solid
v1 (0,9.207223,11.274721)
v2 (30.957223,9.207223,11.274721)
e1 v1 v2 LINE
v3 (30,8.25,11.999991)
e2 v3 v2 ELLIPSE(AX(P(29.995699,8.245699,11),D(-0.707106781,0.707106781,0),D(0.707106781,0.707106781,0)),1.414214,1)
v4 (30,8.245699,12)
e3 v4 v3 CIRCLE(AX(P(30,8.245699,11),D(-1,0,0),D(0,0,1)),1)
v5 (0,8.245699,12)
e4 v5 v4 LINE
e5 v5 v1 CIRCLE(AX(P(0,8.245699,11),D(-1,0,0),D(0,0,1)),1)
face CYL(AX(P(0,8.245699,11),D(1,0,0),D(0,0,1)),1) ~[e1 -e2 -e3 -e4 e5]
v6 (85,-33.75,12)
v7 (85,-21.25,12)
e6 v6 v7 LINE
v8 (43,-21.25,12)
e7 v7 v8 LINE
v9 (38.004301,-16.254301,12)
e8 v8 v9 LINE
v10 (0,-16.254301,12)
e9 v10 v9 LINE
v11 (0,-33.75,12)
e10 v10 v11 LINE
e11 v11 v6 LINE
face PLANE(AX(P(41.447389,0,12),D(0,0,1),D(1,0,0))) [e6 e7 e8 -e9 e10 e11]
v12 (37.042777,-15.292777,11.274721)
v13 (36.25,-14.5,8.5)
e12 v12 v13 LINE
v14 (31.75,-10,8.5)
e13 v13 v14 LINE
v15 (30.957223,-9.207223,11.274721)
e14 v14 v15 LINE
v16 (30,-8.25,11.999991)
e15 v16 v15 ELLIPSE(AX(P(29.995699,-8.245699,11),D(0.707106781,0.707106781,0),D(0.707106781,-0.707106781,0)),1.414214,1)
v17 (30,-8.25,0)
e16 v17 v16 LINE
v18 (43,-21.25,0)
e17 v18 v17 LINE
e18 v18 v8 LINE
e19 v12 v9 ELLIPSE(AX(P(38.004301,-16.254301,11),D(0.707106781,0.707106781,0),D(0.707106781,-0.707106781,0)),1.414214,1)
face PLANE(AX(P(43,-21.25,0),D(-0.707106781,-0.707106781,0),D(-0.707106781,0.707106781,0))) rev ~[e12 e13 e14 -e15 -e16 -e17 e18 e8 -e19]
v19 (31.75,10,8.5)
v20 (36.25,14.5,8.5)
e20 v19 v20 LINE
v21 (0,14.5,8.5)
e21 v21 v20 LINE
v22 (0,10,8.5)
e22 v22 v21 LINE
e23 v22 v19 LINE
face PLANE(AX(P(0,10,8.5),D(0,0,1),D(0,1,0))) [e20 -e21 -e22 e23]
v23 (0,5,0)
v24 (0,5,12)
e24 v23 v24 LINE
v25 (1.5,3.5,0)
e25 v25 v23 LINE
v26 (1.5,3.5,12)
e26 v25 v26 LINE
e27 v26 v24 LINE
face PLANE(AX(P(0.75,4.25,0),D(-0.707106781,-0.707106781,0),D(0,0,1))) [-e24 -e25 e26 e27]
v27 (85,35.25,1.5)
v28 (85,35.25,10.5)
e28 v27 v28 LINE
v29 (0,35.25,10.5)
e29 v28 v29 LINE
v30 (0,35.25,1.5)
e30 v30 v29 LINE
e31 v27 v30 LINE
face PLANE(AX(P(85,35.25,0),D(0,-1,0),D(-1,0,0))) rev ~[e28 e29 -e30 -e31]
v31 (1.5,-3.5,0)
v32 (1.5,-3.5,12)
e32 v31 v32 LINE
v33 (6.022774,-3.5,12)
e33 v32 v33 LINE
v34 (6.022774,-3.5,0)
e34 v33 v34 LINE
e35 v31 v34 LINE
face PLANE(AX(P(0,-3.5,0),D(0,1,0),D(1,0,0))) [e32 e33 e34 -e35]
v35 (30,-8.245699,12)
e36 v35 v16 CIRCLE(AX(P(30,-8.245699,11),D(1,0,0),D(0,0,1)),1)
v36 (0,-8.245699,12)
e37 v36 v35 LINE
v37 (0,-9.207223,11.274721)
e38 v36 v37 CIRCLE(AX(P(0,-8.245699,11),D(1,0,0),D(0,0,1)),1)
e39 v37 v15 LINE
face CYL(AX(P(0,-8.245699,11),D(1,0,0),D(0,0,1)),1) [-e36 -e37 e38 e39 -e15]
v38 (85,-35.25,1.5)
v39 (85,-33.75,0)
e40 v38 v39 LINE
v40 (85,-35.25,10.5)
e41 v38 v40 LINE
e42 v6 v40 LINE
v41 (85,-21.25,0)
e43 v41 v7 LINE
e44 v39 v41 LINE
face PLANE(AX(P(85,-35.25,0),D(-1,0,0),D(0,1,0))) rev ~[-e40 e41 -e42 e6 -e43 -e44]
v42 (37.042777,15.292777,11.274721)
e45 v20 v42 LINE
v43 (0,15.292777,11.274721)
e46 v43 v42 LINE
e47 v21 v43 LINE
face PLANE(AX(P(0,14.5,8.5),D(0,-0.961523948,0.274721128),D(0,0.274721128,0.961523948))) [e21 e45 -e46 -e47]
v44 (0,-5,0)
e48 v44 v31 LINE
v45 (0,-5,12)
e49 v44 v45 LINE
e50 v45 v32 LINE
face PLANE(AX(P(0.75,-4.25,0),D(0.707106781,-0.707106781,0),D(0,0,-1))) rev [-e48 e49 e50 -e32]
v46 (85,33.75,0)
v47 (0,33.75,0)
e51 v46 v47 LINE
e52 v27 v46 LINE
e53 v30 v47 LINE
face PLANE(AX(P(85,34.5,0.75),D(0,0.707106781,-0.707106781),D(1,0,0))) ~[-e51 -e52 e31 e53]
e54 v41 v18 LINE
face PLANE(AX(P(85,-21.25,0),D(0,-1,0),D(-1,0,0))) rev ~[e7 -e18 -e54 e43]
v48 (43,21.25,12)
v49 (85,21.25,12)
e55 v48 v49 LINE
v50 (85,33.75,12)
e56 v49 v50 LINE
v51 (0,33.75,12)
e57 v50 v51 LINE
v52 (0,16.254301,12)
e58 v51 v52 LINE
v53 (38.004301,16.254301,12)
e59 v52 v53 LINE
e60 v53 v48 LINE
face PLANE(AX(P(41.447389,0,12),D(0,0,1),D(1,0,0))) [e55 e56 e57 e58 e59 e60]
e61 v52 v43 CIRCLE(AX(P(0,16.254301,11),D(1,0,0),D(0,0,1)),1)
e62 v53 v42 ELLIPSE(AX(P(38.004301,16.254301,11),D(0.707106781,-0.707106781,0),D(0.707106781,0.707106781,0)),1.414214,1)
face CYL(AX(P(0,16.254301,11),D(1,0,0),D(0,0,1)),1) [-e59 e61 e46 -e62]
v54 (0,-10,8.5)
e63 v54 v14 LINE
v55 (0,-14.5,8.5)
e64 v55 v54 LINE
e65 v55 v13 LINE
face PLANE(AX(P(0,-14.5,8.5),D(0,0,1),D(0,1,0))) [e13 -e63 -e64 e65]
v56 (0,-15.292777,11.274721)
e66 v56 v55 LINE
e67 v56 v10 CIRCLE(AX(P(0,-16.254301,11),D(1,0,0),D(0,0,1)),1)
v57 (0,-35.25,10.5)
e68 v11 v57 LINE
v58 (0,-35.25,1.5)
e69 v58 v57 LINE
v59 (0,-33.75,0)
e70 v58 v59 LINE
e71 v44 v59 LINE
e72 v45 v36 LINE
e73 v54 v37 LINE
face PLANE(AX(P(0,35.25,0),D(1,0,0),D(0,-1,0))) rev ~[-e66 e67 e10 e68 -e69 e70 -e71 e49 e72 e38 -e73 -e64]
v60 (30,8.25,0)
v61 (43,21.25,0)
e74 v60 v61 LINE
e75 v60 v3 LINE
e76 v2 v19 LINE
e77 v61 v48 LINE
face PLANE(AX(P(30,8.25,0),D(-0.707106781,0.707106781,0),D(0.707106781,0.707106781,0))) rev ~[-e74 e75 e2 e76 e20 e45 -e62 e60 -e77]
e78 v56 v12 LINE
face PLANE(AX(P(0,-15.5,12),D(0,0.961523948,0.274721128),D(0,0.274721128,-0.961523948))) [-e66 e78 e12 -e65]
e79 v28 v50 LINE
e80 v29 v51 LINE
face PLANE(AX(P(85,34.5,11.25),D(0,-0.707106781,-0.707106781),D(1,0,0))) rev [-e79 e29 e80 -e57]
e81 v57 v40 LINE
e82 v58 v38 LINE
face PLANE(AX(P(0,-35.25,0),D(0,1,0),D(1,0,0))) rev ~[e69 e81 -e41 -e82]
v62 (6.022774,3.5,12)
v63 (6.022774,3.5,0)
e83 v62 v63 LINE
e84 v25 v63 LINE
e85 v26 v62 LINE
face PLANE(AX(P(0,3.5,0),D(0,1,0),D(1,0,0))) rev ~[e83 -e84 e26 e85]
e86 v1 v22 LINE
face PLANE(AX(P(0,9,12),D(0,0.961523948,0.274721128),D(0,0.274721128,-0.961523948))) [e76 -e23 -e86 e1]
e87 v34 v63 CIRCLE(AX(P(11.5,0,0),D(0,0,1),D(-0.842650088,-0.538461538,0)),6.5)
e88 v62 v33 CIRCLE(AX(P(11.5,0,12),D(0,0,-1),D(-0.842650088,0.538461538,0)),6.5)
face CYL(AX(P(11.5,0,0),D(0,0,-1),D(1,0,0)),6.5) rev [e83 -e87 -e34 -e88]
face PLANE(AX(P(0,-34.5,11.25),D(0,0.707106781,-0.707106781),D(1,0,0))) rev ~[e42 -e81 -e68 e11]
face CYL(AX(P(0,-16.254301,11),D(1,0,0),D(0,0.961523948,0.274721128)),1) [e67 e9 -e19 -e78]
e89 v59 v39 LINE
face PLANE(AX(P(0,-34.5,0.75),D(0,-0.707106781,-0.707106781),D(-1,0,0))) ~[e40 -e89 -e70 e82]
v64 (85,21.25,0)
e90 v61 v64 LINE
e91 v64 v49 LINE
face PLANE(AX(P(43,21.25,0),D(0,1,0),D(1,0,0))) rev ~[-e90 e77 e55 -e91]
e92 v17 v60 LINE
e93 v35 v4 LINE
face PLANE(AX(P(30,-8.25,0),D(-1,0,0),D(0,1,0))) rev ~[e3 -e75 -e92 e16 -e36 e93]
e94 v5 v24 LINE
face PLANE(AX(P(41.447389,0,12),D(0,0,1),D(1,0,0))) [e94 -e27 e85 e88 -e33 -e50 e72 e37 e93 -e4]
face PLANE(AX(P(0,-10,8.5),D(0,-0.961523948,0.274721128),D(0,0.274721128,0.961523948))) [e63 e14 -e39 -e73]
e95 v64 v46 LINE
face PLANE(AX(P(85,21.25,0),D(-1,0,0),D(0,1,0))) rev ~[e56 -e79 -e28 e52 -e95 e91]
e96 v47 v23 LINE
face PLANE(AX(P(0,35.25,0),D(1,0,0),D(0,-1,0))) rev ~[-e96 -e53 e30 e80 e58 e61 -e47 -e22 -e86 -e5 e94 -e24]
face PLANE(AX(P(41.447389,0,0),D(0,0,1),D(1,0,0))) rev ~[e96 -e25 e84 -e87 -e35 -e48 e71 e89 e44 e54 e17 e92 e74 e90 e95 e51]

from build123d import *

# Parameters (mm, degrees)
F1_DEPTH = 12
F2_W     = 8
F2_H     = 7
F3_DEPTH = 12
F4_R     = 6.5
F5_DEPTH = 12
F6_SIZE  = 1.5
F8_DEPTH = 40
F9_R     = 1


with BuildPart() as f1:
    # F0 (on Top) → F1 (new body)
    with BuildSketch(Plane.XY):
        Polygon((85, 35.25), (0, 35.25), (0, -35.25), (85, -35.25), (85, -21.25), (43, -21.25), (30, -8.25), (30, 8.25), (43, 21.25), (85, 21.25), align=None)
    extrude(amount=F1_DEPTH)

    # F2 (on Top) → F3 (cut)
    with BuildSketch(Plane.XY):
        with Locations((4, 0)):
            Rectangle(F2_W, F2_H)
    extrude(amount=F3_DEPTH, mode=Mode.SUBTRACT)

    # F4 (on Top) → F5 (cut)
    with BuildSketch(Plane.XY):
        with Locations((11.5, 0)):
            Circle(F4_R)
    extrude(amount=F5_DEPTH, mode=Mode.SUBTRACT)

    # F6
    f6_edges = [f1.edges().sort_by_distance(p)[0] for p in [
        (42.5, -35.25, 12),
        (42.5, 35.25, 12),
        (42.5, -35.25, 0),
        (42.5, 35.25, 0),
        (0, 3.5, 6),
        (0, -3.5, 6),
    ]]
    chamfer(f6_edges, length=F6_SIZE)

    # F7 (on Right) → F8 (cut)
    with BuildSketch(Plane.YZ):
        Polygon((-10, 8.5), (-9, 12), (-15.5, 12), (-14.5, 8.5), align=None)
        Polygon((14.5, 8.5), (15.5, 12), (9, 12), (10, 8.5), align=None)
    extrude(amount=F8_DEPTH, mode=Mode.SUBTRACT)

    # F9
    f9_edges = [f1.edges().sort_by_distance(p)[0] for p in [
        (18.625, 15.5, 12),
        (18.625, -15.5, 12),
        (15.375, -9, 12),
        (15.375, 9, 12),
    ]]
    fillet(f9_edges, radius=F9_R)


solid = f1.part
